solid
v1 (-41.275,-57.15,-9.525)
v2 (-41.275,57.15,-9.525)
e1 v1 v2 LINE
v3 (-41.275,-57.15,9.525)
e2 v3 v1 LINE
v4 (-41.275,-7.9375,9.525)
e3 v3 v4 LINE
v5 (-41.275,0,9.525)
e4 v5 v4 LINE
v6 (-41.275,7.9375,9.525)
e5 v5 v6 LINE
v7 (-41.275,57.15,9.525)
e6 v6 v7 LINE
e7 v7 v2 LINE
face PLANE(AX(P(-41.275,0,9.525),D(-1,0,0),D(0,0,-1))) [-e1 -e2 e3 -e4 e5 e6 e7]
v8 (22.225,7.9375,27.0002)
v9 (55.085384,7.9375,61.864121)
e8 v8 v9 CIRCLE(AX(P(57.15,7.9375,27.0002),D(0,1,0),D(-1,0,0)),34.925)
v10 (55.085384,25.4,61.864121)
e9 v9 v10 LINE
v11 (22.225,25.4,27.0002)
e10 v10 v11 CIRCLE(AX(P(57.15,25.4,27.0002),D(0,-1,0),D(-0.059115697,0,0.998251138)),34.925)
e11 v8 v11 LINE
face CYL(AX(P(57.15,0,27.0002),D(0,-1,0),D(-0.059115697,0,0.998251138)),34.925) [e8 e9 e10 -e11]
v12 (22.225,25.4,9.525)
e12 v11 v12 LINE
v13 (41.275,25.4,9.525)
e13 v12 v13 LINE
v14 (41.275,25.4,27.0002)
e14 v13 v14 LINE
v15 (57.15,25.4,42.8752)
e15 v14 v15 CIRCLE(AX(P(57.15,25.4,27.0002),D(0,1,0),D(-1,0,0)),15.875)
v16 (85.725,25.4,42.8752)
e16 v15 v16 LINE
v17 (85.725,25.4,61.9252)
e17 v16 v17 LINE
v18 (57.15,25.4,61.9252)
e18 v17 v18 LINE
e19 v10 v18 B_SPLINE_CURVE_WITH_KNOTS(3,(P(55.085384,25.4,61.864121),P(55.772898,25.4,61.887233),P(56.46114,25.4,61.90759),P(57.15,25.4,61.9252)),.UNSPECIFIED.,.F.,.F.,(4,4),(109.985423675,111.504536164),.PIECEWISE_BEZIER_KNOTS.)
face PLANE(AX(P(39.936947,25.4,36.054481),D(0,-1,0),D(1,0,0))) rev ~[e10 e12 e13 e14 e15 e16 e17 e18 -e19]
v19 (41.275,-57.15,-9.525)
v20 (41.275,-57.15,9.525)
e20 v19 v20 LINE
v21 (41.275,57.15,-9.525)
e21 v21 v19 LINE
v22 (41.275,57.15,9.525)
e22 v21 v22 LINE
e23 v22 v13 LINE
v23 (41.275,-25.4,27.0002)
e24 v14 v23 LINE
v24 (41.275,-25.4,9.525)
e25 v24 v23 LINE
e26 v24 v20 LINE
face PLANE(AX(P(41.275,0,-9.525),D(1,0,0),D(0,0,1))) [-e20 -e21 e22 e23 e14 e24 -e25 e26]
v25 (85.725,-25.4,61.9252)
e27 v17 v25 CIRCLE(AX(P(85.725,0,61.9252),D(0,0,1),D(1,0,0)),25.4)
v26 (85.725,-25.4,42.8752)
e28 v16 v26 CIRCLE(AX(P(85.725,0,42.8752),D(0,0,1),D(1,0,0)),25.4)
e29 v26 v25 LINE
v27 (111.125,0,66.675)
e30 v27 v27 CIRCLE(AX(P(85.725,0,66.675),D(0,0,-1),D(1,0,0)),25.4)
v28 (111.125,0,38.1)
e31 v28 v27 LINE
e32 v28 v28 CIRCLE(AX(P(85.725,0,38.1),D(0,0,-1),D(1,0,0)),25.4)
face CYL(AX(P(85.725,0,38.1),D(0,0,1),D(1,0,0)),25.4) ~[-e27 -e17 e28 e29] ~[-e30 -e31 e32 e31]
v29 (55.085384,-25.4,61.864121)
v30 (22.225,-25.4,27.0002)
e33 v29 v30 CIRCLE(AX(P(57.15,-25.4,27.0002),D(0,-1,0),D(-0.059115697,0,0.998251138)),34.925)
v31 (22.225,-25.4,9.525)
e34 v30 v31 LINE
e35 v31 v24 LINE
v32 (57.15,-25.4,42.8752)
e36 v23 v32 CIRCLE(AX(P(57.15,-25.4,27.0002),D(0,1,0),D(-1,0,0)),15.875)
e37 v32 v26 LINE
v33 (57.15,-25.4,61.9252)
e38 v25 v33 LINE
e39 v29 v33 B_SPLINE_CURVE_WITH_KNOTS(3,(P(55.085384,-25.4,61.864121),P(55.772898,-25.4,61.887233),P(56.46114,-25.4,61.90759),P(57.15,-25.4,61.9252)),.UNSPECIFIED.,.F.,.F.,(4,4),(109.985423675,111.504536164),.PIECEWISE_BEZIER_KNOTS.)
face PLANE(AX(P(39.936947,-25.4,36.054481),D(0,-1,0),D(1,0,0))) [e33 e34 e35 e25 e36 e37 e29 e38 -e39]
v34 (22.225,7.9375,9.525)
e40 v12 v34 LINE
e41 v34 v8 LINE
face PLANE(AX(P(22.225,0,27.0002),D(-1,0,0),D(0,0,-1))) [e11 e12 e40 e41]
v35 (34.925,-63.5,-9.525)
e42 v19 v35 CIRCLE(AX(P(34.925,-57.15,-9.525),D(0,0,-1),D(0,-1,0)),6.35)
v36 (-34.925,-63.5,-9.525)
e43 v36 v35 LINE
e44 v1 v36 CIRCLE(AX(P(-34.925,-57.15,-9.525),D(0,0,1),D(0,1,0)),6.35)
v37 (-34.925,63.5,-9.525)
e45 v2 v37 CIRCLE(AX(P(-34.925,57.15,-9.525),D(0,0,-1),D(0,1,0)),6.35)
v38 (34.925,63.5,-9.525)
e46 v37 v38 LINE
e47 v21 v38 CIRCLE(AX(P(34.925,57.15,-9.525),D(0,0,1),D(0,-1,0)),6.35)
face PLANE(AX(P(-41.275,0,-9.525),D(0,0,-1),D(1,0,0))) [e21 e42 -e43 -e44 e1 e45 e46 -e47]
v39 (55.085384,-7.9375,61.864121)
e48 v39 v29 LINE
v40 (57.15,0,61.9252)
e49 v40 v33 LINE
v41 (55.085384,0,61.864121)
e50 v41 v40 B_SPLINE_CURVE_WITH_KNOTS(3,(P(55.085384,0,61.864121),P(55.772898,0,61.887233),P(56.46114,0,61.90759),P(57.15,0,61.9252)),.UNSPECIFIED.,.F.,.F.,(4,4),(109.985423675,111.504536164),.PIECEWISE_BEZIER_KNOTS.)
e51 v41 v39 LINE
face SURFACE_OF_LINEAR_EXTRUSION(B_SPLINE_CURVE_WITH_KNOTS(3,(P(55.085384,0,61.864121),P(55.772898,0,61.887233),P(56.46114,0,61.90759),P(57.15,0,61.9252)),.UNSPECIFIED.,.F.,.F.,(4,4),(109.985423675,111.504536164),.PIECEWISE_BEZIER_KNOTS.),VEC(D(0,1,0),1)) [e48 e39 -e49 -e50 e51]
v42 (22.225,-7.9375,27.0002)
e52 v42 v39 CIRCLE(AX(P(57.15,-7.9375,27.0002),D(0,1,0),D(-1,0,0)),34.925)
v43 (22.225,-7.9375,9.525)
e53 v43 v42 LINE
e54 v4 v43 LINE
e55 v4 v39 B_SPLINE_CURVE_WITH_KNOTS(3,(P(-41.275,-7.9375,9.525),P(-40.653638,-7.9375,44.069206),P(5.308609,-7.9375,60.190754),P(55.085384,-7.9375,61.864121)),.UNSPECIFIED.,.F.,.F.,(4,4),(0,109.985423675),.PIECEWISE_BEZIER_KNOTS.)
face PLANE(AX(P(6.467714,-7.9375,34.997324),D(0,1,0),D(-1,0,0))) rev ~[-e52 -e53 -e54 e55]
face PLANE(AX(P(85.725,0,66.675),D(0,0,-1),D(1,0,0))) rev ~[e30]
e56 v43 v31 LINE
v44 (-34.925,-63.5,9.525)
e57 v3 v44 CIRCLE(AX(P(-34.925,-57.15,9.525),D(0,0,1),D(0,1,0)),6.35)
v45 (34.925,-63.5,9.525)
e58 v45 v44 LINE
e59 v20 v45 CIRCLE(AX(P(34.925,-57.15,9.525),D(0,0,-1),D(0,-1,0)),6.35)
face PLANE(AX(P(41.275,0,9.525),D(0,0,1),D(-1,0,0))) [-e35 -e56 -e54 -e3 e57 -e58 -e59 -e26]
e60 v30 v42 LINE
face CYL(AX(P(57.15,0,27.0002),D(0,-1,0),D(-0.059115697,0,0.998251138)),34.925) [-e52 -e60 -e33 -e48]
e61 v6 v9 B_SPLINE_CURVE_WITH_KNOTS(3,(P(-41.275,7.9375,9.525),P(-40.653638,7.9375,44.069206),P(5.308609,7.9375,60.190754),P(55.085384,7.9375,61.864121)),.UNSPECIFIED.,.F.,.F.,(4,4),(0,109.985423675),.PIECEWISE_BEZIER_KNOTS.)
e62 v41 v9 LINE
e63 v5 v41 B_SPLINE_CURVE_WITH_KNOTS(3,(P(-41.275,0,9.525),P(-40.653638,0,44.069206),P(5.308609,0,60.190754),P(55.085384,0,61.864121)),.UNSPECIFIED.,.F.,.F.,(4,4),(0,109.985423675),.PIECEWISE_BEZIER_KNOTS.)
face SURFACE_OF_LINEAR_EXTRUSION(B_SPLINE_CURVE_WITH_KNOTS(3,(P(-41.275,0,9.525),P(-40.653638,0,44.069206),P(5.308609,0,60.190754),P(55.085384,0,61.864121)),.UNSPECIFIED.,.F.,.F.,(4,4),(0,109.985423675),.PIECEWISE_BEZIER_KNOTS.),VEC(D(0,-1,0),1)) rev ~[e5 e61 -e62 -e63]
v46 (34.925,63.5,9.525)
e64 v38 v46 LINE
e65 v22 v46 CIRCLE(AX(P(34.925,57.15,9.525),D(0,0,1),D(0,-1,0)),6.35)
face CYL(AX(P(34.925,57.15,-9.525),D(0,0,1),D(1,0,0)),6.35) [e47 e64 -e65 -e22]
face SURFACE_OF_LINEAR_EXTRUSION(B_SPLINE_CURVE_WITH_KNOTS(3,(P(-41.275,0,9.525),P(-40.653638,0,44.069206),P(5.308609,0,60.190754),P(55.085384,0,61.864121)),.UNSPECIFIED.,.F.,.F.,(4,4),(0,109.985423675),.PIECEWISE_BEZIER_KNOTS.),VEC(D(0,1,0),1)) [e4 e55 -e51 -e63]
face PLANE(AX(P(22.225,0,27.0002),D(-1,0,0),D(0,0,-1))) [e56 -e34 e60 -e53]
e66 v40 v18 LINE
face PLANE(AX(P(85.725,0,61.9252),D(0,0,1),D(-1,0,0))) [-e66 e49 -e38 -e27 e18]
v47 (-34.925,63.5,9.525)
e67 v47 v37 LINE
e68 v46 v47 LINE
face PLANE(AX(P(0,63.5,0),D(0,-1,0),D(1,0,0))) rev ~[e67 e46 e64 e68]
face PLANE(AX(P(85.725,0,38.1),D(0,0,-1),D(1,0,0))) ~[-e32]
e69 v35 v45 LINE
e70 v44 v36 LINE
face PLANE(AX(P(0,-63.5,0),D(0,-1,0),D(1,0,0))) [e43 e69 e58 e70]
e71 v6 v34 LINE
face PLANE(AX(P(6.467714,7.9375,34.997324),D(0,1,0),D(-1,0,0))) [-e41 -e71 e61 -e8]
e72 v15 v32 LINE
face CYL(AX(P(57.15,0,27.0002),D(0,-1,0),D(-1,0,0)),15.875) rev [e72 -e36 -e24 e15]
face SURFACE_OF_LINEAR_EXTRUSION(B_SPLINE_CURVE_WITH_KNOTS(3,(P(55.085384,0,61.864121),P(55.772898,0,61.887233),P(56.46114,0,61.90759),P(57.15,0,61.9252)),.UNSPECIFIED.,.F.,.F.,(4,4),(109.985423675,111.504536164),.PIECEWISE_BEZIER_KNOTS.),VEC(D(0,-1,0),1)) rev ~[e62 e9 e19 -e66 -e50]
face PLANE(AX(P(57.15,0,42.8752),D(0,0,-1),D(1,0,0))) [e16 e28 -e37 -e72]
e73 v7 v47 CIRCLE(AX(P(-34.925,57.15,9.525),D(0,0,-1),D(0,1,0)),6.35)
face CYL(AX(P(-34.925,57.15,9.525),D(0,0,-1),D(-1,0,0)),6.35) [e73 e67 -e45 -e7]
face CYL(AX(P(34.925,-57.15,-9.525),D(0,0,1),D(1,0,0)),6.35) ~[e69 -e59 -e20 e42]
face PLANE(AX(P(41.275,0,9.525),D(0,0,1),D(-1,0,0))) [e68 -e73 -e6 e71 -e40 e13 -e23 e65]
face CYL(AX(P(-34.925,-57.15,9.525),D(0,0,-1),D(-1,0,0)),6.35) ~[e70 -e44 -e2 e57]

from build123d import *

# Parameters (mm, degrees)
F1_DEPTH = 63.5
F2_DEPTH = 7.9375
F0_W     = 25.4
F0_H     = 19.05
F3_DEPTH = 25.4
F5_R     = 6.35


with BuildPart() as f1:
    # F0 (on Front) → F1 (new body, symmetric)
    with BuildSketch(Plane.XZ):
        Polygon((-41.275, -9.525), (41.275, -9.525), (41.275, 9.525), (22.225, 9.525), (-41.275, 9.525), align=None)
    extrude(amount=F1_DEPTH, both=True)

    # F0 (on Front) → F2 (join, symmetric)
    with BuildSketch(Plane.XZ):
        with BuildLine():
            add(Edge.make_bspline(
                [(-41.275, 9.525), (-40.6536376941, 44.0692058558), (5.3086092688, 60.1907536905), (55.0853842739, 61.8641209915)],
                knots=[0, 0, 0, 0, 109.9854236751, 109.9854236751, 109.9854236751, 109.9854236751], degree=3))
            Line((-41.275, 9.525), (22.225, 9.525))
            Line((22.225, 9.525), (22.225, 27.0002))
            ThreePointArc((22.225, 27.0002), (31.7348241278, 50.9548333803), (55.0853842739, 61.8641209915))
        make_face()
    extrude(amount=F2_DEPTH, both=True)

    # F0 (on Front) → F3 (join, symmetric)
    with BuildSketch(Plane.XZ):
        with BuildLine():
            Line((22.225, 9.525), (41.275, 9.525))
            Line((41.275, 9.525), (41.275, 27.0002))
            ThreePointArc((41.275, 27.0002), (45.9246798487, 38.2255201513), (57.15, 42.8752))
            Line((57.15, 42.8752), (60.325, 42.8752))
            Line((60.325, 42.8752), (60.325, 61.9252))
            Line((60.325, 61.9252), (57.15, 61.9252))
            add(Edge.make_bspline(
                [(55.0853842739, 61.8641209915), (55.7728982919, 61.8872334466), (56.4611400065, 61.9075896253), (57.15, 61.9252)],
                knots=[109.9854236751, 109.9854236751, 109.9854236751, 109.9854236751, 111.5045361635, 111.5045361635, 111.5045361635, 111.5045361635], degree=3))
            ThreePointArc((55.0853842739, 61.8641209915), (31.7348241278, 50.9548333803), (22.225, 27.0002))
            Line((22.225, 27.0002), (22.225, 9.525))
        make_face()
        with Locations((73.025, 52.4002)):
            Rectangle(F0_W, F0_H)
    extrude(amount=F3_DEPTH, both=True)

    # F0 (on Front) → F4 (revolve)
    with BuildSketch(Plane.XZ):
        Polygon((85.725, 61.9252), (85.725, 42.8752), (85.725, 38.1), (111.125, 38.1), (111.125, 66.675), (85.725, 66.675), align=None)
    revolve(axis=Axis((85.725, 0, 52.3875), (0, 0, -1)))

    # F5
    f5_edges = [f1.edges().sort_by_distance(p)[0] for p in [
        (-41.275, -63.5, 0),
        (41.275, -63.5, 0),
        (41.275, 63.5, 0),
        (-41.275, 63.5, 0),
    ]]
    fillet(f5_edges, radius=F5_R)


solid = f1.part
